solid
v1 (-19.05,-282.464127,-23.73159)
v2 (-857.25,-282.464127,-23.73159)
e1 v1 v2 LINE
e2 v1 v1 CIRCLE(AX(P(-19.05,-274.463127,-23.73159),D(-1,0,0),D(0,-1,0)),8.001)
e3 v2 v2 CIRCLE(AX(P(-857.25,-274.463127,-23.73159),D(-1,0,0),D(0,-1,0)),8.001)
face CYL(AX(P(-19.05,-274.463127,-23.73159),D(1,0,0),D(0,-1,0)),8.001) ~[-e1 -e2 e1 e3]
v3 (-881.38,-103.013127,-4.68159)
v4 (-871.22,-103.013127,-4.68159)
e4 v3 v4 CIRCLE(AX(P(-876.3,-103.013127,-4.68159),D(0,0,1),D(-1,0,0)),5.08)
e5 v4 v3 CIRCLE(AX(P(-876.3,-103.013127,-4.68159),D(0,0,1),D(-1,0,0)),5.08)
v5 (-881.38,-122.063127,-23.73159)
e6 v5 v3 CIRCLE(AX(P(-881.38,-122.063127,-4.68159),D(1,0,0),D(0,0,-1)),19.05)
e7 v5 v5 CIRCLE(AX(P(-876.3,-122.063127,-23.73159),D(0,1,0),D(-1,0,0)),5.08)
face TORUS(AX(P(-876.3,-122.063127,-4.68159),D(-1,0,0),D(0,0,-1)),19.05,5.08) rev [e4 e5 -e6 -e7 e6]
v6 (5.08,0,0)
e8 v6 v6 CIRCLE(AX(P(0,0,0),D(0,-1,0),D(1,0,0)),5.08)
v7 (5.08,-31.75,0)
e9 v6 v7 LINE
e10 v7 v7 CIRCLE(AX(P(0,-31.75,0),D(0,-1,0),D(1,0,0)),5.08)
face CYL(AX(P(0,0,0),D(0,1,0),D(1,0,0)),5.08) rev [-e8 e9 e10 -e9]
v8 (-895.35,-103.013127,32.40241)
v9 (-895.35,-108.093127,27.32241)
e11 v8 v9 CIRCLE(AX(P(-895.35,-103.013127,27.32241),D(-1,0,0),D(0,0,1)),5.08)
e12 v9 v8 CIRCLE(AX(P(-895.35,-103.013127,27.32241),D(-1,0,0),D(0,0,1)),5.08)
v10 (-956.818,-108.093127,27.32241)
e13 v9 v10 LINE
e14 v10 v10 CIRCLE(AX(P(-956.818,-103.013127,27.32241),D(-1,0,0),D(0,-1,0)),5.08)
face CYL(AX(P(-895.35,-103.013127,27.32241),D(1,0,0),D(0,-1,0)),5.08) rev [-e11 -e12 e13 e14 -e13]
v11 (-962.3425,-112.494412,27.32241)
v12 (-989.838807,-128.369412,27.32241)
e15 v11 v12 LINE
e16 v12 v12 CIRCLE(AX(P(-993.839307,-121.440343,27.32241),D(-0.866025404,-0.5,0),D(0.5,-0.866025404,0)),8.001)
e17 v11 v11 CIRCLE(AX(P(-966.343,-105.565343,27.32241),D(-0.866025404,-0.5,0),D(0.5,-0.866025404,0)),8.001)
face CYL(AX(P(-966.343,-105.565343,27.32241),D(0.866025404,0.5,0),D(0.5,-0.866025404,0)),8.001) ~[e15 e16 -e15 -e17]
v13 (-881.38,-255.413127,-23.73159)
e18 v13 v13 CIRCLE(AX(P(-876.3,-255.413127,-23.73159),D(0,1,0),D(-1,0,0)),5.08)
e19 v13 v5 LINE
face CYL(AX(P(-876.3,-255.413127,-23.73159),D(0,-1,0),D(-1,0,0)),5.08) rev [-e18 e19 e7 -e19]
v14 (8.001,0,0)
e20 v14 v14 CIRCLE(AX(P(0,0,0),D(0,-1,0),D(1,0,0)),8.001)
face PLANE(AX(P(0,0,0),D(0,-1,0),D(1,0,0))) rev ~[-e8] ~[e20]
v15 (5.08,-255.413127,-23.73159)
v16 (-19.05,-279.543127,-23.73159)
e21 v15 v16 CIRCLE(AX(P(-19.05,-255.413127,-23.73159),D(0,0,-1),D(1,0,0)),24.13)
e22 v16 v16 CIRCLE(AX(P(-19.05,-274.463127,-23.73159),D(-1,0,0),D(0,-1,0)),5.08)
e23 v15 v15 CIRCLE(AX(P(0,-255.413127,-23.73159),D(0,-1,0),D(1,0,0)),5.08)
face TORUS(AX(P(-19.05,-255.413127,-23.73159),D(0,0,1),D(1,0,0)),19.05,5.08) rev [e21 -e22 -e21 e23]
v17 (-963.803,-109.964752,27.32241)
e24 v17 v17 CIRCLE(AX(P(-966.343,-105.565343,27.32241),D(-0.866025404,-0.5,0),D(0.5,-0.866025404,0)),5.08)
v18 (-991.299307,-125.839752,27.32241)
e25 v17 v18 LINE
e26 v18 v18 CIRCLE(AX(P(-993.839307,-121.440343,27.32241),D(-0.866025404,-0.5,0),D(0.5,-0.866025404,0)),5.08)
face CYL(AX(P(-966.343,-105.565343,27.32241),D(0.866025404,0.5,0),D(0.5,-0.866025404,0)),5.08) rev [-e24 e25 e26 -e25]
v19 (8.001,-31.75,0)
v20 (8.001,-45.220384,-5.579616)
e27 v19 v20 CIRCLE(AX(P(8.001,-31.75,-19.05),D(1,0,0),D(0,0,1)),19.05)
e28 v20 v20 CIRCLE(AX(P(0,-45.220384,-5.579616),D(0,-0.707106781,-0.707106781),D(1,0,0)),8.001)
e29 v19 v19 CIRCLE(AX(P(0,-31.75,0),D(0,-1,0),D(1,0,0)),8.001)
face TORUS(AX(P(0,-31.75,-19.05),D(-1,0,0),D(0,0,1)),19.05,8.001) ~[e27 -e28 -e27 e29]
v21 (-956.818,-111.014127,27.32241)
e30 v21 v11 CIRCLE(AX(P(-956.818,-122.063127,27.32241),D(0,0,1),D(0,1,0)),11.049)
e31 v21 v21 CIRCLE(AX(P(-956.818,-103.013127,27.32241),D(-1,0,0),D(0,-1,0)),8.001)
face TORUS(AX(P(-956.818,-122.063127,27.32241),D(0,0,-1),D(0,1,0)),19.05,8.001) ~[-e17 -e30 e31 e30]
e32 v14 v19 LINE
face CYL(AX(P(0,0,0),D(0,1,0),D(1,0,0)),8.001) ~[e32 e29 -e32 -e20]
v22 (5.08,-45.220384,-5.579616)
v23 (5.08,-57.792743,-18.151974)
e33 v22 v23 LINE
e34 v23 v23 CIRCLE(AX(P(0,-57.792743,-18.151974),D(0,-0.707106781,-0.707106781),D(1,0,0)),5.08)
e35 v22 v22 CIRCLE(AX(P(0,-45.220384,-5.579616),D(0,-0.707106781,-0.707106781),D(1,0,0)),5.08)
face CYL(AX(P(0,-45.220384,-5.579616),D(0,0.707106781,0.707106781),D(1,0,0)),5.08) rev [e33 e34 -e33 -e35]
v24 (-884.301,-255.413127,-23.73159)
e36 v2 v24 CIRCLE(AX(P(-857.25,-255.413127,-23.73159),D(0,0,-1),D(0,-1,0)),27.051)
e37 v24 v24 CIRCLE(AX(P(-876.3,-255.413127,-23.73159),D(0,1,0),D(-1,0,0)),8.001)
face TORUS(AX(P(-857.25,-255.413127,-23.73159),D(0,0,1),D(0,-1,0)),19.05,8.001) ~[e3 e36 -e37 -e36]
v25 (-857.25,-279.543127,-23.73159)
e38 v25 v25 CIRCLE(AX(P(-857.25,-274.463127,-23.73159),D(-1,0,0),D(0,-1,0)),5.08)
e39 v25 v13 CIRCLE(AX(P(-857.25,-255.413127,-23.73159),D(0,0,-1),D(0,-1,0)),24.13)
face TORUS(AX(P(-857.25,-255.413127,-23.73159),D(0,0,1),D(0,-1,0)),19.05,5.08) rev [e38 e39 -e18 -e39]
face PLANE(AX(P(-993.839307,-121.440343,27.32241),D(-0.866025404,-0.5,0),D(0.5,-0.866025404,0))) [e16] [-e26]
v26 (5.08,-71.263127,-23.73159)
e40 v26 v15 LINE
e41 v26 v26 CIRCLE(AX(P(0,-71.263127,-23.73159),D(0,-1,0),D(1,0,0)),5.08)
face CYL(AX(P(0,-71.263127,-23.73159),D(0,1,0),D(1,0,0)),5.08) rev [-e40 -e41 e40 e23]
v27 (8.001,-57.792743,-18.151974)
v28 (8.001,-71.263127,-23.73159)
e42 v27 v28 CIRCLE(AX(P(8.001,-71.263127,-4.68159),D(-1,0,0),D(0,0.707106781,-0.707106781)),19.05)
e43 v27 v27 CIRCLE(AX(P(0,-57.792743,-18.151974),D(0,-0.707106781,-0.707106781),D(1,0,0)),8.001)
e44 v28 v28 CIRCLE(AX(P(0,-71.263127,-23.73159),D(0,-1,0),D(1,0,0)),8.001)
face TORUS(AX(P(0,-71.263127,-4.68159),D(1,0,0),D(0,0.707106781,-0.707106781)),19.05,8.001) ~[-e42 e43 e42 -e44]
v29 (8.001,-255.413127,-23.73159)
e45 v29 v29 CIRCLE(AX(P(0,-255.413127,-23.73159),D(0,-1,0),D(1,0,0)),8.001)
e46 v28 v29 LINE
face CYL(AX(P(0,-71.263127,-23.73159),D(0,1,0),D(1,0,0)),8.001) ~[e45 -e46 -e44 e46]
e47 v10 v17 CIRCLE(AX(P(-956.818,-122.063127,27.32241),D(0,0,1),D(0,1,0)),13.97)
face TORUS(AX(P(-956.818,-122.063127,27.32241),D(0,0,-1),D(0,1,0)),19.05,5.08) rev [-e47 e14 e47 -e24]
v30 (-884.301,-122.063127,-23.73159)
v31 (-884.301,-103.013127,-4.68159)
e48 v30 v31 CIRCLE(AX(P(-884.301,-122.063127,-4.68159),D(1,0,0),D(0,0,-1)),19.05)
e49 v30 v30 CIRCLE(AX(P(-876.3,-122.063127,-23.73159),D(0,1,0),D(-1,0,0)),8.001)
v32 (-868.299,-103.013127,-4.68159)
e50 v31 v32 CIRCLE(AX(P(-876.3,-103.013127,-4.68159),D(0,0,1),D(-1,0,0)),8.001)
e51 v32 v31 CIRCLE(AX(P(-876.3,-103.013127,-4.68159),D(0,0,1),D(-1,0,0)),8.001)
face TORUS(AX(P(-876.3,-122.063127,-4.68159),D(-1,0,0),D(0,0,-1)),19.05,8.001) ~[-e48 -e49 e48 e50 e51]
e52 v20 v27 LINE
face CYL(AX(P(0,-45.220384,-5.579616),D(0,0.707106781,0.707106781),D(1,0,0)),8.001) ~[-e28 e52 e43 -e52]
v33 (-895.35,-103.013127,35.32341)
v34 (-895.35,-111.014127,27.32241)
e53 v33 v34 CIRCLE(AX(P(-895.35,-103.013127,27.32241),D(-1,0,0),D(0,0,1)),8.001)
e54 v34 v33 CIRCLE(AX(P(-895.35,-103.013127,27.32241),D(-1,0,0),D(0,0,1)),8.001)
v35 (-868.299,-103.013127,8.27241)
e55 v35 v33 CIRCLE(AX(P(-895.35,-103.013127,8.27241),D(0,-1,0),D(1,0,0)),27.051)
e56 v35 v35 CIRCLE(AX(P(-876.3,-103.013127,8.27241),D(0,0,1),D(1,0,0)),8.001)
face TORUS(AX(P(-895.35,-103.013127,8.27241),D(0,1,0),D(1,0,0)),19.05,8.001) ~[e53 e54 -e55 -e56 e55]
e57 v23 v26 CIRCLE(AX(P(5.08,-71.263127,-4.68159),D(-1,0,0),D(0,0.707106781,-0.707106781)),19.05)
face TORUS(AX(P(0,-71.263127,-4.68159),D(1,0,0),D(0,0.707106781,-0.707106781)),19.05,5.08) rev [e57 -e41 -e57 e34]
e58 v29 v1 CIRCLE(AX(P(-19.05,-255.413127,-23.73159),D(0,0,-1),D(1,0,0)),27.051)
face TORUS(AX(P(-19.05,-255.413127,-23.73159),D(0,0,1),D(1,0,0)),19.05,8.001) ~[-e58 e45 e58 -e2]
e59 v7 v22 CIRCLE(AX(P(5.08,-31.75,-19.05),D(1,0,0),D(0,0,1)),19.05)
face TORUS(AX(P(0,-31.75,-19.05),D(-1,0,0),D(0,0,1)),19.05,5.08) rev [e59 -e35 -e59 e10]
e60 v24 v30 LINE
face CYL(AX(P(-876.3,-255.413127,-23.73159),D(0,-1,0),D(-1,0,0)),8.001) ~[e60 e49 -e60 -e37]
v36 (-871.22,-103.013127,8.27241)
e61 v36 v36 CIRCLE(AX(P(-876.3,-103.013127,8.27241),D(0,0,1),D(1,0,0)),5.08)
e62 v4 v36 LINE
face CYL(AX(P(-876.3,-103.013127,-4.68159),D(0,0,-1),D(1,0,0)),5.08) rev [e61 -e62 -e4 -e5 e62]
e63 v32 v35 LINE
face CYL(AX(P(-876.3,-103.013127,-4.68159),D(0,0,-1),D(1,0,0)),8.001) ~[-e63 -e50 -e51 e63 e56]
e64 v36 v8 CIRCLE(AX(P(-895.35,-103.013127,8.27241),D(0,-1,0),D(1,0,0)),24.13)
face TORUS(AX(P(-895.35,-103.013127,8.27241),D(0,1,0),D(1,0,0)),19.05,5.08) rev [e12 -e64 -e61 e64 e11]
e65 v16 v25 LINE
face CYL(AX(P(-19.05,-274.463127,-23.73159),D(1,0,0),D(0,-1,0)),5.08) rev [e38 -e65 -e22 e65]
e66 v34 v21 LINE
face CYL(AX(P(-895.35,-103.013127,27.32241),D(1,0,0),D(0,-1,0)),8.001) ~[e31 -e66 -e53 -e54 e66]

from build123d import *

# Parameters (mm, degrees)
F0_R      = 8.001
F0_R_2    = 5.08
F1_DEPTH  = 31.75
F2_R      = 8.001
F2_R_2    = 5.08
F3_ANGLE  = 45
F4_R      = 8.001
F4_R_2    = 5.08
F5_DEPTH  = 17.78
F6_R      = 8.001
F6_R_2    = 5.08
F7_ANGLE  = 45
F8_R      = 8.001
F8_R_2    = 5.08
F9_DEPTH  = 184.15
F10_R     = 8.001
F10_R_2   = 5.08
F11_ANGLE = 90
F12_R     = 8.001
F12_R_2   = 5.08
F13_DEPTH = 838.2
F14_R     = 8.001
F14_R_2   = 5.08
F15_ANGLE = 90
F16_R     = 8.001
F16_R_2   = 5.08
F17_DEPTH = 133.35
F18_R     = 8.001
F18_R_2   = 5.08
F19_ANGLE = 90
F20_R     = 8.001
F20_R_2   = 5.08
F21_DEPTH = 12.954
F22_R     = 8.001
F22_R_2   = 5.08
F23_ANGLE = 90
F24_R     = 8.001
F24_R_2   = 5.08
F25_DEPTH = 61.468
F26_R     = 8.001
F26_R_2   = 5.08
F27_ANGLE = 30
F28_R     = 8.001
F28_R_2   = 5.08
F29_DEPTH = 31.75


with BuildPart() as f1:
    # F0 (on Front) → F1 (new body)
    with BuildSketch(Plane.XZ):
        Circle(F0_R)
        Circle(F0_R_2, mode=Mode.SUBTRACT)
    extrude(amount=F1_DEPTH)

    # F2 (on face) → F3 (revolve)
    with BuildSketch(Plane.XZ.offset(31.75)):
        Circle(F2_R)
        Circle(F2_R_2, mode=Mode.SUBTRACT)
    revolve(axis=Axis((-0.26794523, -31.75, -19.05), (1, 0, 0)), revolution_arc=F3_ANGLE)

    # F4 (on face) → F5 (join)
    with BuildSketch(Plane(origin=(0, -25.4, -25.4), x_dir=(1, 0, 0), z_dir=(0, -0.7071067812, -0.7071067812))):
        with Locations((0, 28.0302561211)):
            Circle(F4_R)
        with Locations((0, 28.0302561211)):
            Circle(F4_R_2, mode=Mode.SUBTRACT)
    extrude(amount=F5_DEPTH)

    # F6 (on face) → F7 (revolve)
    with BuildSketch(Plane(origin=(0, -37.9723585695, -37.9723585695), x_dir=(1, 0, 0), z_dir=(0, -0.7071067812, -0.7071067812))):
        with Locations((0, 28.0302561211)):
            Circle(F6_R)
        with Locations((0, 28.0302561211)):
            Circle(F6_R_2, mode=Mode.SUBTRACT)
    revolve(axis=Axis((0.1423442736, -71.2631269327, -4.6815902063), (-1, 0, 0)), revolution_arc=F7_ANGLE)

    # F8 (on face) → F9 (join)
    with BuildSketch(Plane.XZ.offset(71.2631269327)):
        with Locations((0, -23.7315902063)):
            Circle(F8_R)
        with Locations((0, -23.7315902063)):
            Circle(F8_R_2, mode=Mode.SUBTRACT)
    extrude(amount=F9_DEPTH)

    # F10 (on face) → F11 (revolve)
    with BuildSketch(Plane.XZ.offset(255.4131269327)):
        with Locations((0, -23.7315902063)):
            Circle(F10_R)
        with Locations((0, -23.7315902063)):
            Circle(F10_R_2, mode=Mode.SUBTRACT)
    revolve(axis=Axis((-19.05, -255.4131269327, -23.0075829988), (0, 0, -1)), revolution_arc=F11_ANGLE)

    # F12 (on face) → F13 (join)
    with BuildSketch(Plane(origin=(-19.05, 0, 0), x_dir=(0, -1, 0), z_dir=(-1, 0, 0))):
        with Locations((274.4631269327, -23.7315902063)):
            Circle(F12_R)
        with Locations((274.4631269327, -23.7315902063)):
            Circle(F12_R_2, mode=Mode.SUBTRACT)
    extrude(amount=F13_DEPTH)

    # F14 (on face) → F15 (revolve)
    with BuildSketch(Plane(origin=(-857.25, 0, 0), x_dir=(0, -1, 0), z_dir=(-1, 0, 0))):
        with Locations((274.4631269327, -23.7315902063)):
            Circle(F14_R)
        with Locations((274.4631269327, -23.7315902063)):
            Circle(F14_R_2, mode=Mode.SUBTRACT)
    revolve(axis=Axis((-857.25, -255.4131269327, -23.2616802678), (0, 0, -1)), revolution_arc=F15_ANGLE)

    # F16 (on face) → F17 (join)
    with BuildSketch(Plane(origin=(0, -255.4131269327, 0), x_dir=(-1, 0, 0), z_dir=(0, 1, 0))):
        with Locations((876.3, -23.7315902063)):
            Circle(F16_R)
        with Locations((876.3, -23.7315902063)):
            Circle(F16_R_2, mode=Mode.SUBTRACT)
    extrude(amount=F17_DEPTH)

    # F18 (on face) → F19 (revolve)
    with BuildSketch(Plane(origin=(0, -122.0631269327, 0), x_dir=(-1, 0, 0), z_dir=(0, 1, 0))):
        with Locations((876.3, -23.7315902063)):
            Circle(F18_R)
        with Locations((876.3, -23.7315902063)):
            Circle(F18_R_2, mode=Mode.SUBTRACT)
    revolve(axis=Axis((-876.4789423416, -122.0631269327, -4.6815902063), (1, 0, 0)), revolution_arc=F19_ANGLE)

    # F20 (on face) → F21 (join)
    with BuildSketch(Plane.XY.offset(-4.6815902063)):
        with Locations((-876.3, -103.0131269327)):
            Circle(F20_R)
        with Locations((-876.3, -103.0131269327)):
            Circle(F20_R_2, mode=Mode.SUBTRACT)
    extrude(amount=F21_DEPTH)

    # F22 (on face) → F23 (revolve)
    with BuildSketch(Plane.XY.offset(8.2724097937)):
        with Locations((-876.3, -103.0131269327)):
            Circle(F22_R)
        with Locations((-876.3, -103.0131269327)):
            Circle(F22_R_2, mode=Mode.SUBTRACT)
    revolve(axis=Axis((-895.35, -103.5171723053, 8.2724097937), (0, -1, 0)), revolution_arc=F23_ANGLE)

    # F24 (on face) → F25 (join)
    with BuildSketch(Plane(origin=(-895.35, 0, 0), x_dir=(0, -1, 0), z_dir=(-1, 0, 0))):
        with Locations((103.0131269327, 27.3224097937)):
            Circle(F24_R)
        with Locations((103.0131269327, 27.3224097937)):
            Circle(F24_R_2, mode=Mode.SUBTRACT)
    extrude(amount=F25_DEPTH)

    # F26 (on face) → F27 (revolve)
    with BuildSketch(Plane(origin=(-956.818, 0, 0), x_dir=(0, -1, 0), z_dir=(-1, 0, 0))):
        with Locations((103.0131269327, 27.3224097937)):
            Circle(F26_R)
        with Locations((103.0131269327, 27.3224097937)):
            Circle(F26_R_2, mode=Mode.SUBTRACT)
    revolve(axis=Axis((-956.818, -122.0631269327, 26.2768556116), (0, 0, 1)), revolution_arc=F27_ANGLE)

    # F28 (on face) → F29 (join)
    with BuildSketch(Plane(origin=(-770.4683843945, -444.8301291323, 0), x_dir=(0.5, -0.8660254038, 0), z_dir=(-0.8660254038, -0.5, 0))):
        with Locations((-391.7492312109, 27.3224097937)):
            Circle(F28_R)
        with Locations((-391.7492312109, 27.3224097937)):
            Circle(F28_R_2, mode=Mode.SUBTRACT)
    extrude(amount=F29_DEPTH)


solid = f1.part
